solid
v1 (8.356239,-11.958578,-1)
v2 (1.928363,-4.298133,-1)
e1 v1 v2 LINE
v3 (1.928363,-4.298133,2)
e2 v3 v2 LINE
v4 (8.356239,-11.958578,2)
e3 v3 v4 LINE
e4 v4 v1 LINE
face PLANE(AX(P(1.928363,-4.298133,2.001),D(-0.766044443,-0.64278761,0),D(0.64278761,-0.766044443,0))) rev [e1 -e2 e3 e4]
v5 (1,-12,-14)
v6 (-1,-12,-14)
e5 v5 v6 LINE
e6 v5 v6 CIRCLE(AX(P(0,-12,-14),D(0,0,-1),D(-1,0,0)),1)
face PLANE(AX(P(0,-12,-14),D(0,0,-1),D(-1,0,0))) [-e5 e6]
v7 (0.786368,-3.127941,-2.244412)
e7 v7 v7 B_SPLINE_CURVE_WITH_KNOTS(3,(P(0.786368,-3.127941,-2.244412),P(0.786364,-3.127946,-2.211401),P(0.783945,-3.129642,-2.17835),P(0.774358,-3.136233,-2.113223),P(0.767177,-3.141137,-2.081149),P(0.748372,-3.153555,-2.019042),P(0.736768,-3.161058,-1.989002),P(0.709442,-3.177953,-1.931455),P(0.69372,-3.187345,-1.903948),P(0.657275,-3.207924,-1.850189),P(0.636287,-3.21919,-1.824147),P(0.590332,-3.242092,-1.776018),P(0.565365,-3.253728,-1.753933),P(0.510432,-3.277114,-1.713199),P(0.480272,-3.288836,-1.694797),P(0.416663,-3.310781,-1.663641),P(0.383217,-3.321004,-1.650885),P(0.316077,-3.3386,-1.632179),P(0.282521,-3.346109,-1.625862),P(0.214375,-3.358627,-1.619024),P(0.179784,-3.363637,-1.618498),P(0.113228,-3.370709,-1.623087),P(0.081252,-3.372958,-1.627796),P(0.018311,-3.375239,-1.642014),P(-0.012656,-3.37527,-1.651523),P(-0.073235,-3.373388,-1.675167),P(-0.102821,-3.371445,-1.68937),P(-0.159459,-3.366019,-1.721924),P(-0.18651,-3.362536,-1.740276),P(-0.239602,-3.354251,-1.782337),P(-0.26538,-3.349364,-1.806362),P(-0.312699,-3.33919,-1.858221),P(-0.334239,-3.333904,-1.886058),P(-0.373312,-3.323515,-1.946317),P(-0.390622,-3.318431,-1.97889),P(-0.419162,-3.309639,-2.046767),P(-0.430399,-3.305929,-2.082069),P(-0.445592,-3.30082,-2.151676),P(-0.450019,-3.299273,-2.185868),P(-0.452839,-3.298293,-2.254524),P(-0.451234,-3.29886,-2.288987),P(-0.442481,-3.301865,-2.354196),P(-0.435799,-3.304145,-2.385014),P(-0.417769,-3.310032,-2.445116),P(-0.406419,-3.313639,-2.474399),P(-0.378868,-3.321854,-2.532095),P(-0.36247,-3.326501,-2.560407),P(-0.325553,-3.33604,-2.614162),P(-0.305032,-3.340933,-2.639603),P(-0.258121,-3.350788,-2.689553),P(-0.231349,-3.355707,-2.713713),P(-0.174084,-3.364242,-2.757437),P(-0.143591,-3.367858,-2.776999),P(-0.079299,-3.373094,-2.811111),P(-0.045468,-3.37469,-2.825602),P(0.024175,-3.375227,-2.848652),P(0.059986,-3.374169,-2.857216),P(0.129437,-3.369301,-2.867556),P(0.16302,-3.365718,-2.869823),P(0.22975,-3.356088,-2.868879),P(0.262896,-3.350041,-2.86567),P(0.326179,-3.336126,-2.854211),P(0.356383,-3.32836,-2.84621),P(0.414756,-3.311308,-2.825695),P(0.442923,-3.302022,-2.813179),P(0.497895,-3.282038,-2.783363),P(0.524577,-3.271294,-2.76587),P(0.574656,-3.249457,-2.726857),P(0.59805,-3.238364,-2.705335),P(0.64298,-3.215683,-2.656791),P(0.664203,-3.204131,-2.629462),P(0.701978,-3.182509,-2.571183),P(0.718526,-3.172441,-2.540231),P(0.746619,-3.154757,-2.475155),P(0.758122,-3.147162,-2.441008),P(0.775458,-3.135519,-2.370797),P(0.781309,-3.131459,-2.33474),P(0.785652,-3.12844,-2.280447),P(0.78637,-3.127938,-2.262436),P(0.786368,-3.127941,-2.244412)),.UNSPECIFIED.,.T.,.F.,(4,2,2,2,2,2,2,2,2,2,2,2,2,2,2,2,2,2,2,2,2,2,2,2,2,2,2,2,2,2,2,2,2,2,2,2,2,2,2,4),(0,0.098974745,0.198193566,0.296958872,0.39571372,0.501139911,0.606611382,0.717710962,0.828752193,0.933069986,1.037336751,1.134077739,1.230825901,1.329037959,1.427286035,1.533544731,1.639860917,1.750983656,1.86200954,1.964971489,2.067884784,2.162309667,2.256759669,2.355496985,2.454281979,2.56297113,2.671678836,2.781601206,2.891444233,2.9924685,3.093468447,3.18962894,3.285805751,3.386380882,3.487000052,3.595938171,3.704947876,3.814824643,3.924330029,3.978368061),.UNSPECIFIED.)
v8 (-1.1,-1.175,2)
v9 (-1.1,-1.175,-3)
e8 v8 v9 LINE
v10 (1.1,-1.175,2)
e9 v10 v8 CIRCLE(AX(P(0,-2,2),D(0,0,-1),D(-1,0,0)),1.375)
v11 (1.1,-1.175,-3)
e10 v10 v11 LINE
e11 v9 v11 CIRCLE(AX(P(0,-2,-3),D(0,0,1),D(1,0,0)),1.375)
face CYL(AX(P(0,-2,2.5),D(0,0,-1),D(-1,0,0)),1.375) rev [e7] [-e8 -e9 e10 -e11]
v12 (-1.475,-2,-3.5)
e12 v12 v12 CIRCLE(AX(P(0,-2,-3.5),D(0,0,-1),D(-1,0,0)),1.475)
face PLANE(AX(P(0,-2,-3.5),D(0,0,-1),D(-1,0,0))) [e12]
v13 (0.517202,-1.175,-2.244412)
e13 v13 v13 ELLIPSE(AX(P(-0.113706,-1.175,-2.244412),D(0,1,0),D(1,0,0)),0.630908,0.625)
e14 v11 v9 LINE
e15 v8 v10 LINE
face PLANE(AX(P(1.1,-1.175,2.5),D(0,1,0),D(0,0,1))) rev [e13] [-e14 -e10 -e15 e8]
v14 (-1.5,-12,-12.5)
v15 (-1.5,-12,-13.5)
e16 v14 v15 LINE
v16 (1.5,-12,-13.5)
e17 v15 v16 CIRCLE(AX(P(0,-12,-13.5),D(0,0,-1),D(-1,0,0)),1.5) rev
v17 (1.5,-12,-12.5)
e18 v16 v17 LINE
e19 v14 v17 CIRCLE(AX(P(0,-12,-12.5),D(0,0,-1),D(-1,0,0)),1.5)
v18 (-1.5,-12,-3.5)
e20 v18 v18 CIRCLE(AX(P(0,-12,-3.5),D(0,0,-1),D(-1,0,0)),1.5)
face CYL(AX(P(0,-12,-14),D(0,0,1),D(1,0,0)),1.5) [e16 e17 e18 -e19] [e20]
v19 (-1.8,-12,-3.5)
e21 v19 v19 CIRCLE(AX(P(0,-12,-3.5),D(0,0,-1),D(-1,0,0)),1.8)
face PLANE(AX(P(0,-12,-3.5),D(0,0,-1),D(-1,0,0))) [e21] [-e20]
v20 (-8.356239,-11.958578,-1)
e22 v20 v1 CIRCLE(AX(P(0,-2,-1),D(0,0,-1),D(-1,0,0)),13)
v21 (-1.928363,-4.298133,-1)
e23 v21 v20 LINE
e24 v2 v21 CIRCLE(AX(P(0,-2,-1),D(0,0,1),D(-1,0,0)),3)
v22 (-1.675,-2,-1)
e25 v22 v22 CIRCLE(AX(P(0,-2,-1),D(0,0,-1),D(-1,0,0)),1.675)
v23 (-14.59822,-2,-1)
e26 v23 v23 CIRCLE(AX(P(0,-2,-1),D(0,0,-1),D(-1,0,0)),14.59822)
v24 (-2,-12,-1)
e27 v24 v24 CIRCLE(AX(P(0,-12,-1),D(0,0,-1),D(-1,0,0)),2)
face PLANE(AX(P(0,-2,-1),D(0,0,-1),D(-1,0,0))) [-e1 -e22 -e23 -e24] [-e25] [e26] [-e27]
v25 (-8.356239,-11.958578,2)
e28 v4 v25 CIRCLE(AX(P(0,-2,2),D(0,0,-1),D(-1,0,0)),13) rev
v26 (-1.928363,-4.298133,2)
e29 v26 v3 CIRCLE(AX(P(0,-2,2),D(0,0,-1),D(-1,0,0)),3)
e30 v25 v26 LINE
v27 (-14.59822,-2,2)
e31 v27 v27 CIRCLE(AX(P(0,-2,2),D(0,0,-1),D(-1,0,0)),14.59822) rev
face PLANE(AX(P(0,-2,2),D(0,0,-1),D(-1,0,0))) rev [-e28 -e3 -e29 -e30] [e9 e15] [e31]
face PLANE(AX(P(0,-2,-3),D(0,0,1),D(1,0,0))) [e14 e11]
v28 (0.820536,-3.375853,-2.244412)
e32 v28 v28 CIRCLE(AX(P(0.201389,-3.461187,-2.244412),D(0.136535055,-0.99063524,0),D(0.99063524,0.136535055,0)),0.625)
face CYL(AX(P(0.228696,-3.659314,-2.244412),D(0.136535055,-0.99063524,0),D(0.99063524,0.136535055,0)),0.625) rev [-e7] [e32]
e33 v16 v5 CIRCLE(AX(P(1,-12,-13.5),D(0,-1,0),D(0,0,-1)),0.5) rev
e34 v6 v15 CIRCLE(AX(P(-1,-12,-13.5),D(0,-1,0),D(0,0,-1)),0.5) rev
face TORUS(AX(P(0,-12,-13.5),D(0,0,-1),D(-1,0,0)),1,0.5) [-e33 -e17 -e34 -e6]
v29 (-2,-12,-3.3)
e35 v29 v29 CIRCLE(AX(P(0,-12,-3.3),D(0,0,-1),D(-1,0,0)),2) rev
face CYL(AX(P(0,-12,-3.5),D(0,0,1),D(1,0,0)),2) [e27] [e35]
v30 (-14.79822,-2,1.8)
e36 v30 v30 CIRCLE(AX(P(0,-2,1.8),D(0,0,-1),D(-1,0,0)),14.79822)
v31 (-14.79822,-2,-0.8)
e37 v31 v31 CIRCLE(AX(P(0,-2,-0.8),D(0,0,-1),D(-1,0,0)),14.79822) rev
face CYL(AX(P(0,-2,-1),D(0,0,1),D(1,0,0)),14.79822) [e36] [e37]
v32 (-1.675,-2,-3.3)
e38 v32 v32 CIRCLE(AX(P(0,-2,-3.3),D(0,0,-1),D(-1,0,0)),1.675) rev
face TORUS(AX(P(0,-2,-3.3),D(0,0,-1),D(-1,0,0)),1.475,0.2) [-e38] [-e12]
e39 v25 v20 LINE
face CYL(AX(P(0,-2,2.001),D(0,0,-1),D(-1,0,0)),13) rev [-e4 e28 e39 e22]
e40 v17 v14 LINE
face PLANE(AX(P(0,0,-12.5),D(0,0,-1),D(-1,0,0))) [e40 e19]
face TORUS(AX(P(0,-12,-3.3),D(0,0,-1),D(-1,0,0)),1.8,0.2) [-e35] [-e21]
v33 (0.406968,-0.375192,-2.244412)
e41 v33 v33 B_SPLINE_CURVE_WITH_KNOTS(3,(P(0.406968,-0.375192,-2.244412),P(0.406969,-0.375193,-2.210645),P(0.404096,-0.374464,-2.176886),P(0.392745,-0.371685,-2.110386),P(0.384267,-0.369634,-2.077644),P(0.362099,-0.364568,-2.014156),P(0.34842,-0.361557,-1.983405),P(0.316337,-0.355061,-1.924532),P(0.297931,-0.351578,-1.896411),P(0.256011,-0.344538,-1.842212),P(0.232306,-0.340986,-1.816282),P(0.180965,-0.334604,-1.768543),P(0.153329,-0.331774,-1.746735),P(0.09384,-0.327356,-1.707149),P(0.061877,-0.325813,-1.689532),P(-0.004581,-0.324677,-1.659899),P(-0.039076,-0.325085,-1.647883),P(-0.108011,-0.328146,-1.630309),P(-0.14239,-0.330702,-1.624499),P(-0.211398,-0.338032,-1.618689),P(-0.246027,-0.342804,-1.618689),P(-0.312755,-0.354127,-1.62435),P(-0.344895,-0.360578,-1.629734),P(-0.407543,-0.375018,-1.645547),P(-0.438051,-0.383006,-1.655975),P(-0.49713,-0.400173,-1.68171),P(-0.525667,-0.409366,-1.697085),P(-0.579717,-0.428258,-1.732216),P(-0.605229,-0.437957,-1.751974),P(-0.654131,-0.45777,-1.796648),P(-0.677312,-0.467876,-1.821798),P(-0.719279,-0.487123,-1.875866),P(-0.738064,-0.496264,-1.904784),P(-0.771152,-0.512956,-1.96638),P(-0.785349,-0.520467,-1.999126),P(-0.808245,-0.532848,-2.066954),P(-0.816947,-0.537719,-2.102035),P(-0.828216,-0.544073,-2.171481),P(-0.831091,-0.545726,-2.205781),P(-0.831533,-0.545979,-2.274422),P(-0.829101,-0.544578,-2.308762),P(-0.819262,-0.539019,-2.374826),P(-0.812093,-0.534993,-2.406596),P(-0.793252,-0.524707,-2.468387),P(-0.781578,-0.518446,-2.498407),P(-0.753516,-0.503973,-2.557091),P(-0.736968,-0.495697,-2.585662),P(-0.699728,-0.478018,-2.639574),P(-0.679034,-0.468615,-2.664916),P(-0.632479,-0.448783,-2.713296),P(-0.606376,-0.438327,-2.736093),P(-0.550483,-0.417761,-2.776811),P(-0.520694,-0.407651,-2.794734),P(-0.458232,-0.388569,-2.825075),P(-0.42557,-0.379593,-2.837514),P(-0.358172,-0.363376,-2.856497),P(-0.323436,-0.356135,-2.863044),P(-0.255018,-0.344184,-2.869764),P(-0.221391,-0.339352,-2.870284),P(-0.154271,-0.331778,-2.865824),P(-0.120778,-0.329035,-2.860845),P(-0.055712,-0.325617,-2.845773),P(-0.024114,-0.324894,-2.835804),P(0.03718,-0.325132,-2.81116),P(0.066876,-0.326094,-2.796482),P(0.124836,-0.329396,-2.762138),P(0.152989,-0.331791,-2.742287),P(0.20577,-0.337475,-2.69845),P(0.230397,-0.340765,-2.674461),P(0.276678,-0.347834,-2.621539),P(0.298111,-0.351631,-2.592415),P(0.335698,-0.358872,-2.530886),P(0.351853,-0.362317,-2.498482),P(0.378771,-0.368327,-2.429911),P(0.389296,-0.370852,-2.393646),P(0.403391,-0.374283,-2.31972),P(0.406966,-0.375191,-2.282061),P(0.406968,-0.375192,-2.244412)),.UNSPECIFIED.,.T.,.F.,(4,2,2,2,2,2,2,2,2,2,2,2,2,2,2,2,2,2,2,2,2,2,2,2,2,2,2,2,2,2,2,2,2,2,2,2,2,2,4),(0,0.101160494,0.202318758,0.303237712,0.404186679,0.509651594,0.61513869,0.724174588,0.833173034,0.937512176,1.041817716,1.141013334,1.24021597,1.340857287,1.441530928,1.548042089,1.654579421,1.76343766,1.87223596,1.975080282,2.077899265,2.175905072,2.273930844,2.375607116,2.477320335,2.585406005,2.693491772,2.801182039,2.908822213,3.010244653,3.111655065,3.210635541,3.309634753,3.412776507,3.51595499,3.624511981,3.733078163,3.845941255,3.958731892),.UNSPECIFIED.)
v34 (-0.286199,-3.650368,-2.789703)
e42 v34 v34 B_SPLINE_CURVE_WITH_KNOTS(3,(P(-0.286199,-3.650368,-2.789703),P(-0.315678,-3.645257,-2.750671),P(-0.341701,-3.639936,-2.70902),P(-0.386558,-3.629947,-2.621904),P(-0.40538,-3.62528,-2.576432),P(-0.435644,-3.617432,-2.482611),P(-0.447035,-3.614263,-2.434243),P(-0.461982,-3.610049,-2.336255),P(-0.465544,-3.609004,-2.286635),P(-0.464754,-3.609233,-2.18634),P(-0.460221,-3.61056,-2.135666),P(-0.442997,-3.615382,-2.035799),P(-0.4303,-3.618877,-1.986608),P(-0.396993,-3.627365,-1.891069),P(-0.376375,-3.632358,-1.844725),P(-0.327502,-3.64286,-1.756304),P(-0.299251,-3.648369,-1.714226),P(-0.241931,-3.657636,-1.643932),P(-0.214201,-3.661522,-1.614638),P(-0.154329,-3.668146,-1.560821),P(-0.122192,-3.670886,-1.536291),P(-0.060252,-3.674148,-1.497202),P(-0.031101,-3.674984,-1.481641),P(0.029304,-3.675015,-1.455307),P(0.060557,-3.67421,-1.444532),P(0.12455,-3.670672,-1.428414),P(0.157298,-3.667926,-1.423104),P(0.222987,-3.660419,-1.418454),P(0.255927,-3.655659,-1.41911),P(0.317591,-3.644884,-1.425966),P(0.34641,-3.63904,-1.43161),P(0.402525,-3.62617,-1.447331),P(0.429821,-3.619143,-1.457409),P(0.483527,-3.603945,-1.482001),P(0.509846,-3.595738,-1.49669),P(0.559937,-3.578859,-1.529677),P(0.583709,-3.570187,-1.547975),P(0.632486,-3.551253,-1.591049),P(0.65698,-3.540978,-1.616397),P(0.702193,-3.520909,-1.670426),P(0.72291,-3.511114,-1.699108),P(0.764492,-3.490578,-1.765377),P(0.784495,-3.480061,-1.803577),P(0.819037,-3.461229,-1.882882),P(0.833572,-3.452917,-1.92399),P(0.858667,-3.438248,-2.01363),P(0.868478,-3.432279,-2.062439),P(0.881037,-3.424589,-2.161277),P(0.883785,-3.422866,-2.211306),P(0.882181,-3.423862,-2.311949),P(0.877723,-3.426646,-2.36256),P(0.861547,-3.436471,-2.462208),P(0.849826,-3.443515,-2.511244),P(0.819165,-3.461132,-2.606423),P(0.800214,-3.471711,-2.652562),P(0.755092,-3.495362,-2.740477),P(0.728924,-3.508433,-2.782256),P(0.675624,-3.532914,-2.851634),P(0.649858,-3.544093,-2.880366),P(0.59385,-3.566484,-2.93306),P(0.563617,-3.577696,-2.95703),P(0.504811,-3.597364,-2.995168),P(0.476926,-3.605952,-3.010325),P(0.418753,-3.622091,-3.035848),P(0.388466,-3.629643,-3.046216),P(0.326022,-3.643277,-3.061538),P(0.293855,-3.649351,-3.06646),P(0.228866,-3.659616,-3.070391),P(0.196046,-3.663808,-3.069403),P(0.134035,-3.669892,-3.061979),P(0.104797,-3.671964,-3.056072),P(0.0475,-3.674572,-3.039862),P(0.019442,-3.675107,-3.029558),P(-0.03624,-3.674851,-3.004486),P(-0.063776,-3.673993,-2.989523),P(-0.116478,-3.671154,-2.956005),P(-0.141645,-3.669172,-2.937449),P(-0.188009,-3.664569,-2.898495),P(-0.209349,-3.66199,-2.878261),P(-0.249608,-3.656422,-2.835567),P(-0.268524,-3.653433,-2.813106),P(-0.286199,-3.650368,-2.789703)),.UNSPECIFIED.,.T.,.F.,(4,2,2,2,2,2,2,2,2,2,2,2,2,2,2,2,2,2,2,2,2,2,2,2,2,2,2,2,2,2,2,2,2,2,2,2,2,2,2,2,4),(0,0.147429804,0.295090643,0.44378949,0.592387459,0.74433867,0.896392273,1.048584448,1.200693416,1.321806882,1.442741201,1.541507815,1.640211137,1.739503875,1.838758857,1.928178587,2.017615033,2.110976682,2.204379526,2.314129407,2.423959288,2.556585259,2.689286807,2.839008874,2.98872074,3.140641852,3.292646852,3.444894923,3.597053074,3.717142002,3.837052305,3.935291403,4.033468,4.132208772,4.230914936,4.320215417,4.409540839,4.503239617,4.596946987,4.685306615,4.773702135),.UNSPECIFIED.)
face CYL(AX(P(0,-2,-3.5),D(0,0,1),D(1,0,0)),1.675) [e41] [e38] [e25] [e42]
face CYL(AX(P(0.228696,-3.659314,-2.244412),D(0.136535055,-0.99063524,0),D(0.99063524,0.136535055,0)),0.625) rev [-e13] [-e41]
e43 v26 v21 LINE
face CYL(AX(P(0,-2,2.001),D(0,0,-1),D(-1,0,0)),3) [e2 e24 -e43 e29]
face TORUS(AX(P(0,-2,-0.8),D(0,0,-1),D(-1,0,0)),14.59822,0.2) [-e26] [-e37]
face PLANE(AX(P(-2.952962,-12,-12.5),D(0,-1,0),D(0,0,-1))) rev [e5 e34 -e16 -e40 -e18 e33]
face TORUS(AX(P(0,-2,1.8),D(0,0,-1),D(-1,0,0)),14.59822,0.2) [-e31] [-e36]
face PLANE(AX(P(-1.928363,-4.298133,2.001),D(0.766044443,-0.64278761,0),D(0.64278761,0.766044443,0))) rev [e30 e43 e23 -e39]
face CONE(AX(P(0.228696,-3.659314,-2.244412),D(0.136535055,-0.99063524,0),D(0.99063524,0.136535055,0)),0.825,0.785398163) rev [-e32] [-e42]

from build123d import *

# Parameters (mm, degrees)
ESQUISSE2_R             = 14.79822015
BOSS_EXTRU_1_DEPTH      = 3
CONG_2_R                = 0.2
CONG_3_R                = 0.2
ESQUISSE3_R             = 1.5
BOSS_EXTRU_2_DEPTH      = 13
CONG_4_R                = 0.5
ENL_V_MAT_EXTRU_1_DEPTH = 3.5
ESQUISSE5_R             = 1.675
BOSS_EXTRU_3_DEPTH      = 2.5
ENL_V_START             = -5
ENL_V_MAT_EXTRU_2_DEPTH = 5
CONG_6_R                = 0.2
ESQUISSE8_R             = 2
ESQUISSE8_R_2           = 1.5
BOSS_EXTRU_4_DEPTH      = 2.5
CONG_7_R                = 0.2
ENL_V_MAT_EXTRU_3_REACH = 27.888
ESQUISSE14_W            = 6.151008923
ESQUISSE14_H            = 1.920006843
ENL_V_MAT_EXTRU_4_DEPTH = 1.5


with BuildPart() as part:
    # Esquisse2 → Boss.-Extru.1 (new body)
    with BuildSketch(Plane(origin=(0, 0, 2), x_dir=(-1, 0, 0), z_dir=(0, 0, -1))):
        with Locations((0, -2)):
            Circle(ESQUISSE2_R)
    extrude(amount=BOSS_EXTRU_1_DEPTH)

    # Congé2
    cong_2_edges = [part.edges().sort_by_distance(p)[0] for p in [
        (14.79822015, -2, -1),
    ]]
    fillet(cong_2_edges, radius=CONG_2_R)

    # Congé3
    cong_3_edges = [part.edges().sort_by_distance(p)[0] for p in [
        (14.79822015, -2, 2),
    ]]
    fillet(cong_3_edges, radius=CONG_3_R)

    # Esquisse3 → Boss.-Extru.2 (add)
    with BuildSketch(Plane(origin=(0, 0, -1), x_dir=(-1, 0, 0), z_dir=(0, 0, -1))):
        with Locations(Location((0, -12, 0), (0, 0, 180))):
            Circle(ESQUISSE3_R)
    extrude(amount=BOSS_EXTRU_2_DEPTH)

    # Congé4
    cong_4_edges = [part.edges().sort_by_distance(p)[0] for p in [
        (-1.5, -12, -14),
    ]]
    fillet(cong_4_edges, radius=CONG_4_R)

    # Esquisse4 → Enlèv. mat.-Extru.1 (cut)
    with BuildSketch(Plane(origin=(0, 0, -1), x_dir=(-1, 0, 0), z_dir=(0, 0, -1))):
        with BuildLine():
            Line((-1.1, -1.175), (1.1, -1.175))
            ThreePointArc((1.1, -1.175), (0, -3.375), (-1.1, -1.175))
        make_face()
    extrude(amount=-ENL_V_MAT_EXTRU_1_DEPTH, mode=Mode.SUBTRACT)

    # Esquisse5 → Boss.-Extru.3 (add)
    with BuildSketch(Plane(origin=(0, 0, -1), x_dir=(-1, 0, 0), z_dir=(0, 0, -1))):
        with Locations((0, -2)):
            Circle(ESQUISSE5_R)
    extrude(amount=BOSS_EXTRU_3_DEPTH)

    # Esquisse6 → Enlèv. mat.-Extru.2 (cut)
    with BuildSketch(Plane.XY.offset(2).offset(ENL_V_START)):
        with BuildLine():
            Line((1.1, -1.175), (-1.1, -1.175))
            ThreePointArc((-1.1, -1.175), (0, -3.375), (1.1, -1.175))
        make_face()
    extrude(amount=ENL_V_MAT_EXTRU_2_DEPTH, mode=Mode.SUBTRACT)

    # Congé6
    cong_6_edges = [part.edges().sort_by_distance(p)[0] for p in [
        (1.675, -2, -3.5),
    ]]
    fillet(cong_6_edges, radius=CONG_6_R)

    # Esquisse8 → Boss.-Extru.4 (add)
    with BuildSketch(Plane(origin=(0, 0, -1), x_dir=(-1, 0, 0), z_dir=(0, 0, -1))):
        with Locations((0, -12)):
            Circle(ESQUISSE8_R)
        with Locations(Location((0, -12, 0), (0, 0, 180))):
            Circle(ESQUISSE8_R_2, mode=Mode.SUBTRACT)
    extrude(amount=BOSS_EXTRU_4_DEPTH)

    # Congé7
    cong_7_edges = [part.edges().sort_by_distance(p)[0] for p in [
        (2, -12, -3.5),
    ]]
    fillet(cong_7_edges, radius=CONG_7_R)

    # Esquisse9 → Trou taraudé M1.61 (revolve, cut)
    with BuildSketch(Plane(origin=(0.228696217, -3.659314027, -2.244412235), x_dir=(0.9906352400032369, 0.1365350550727882, 0), z_dir=(0, 0, 1))):
        Polygon((0, 0), (0, 18.355114173), (0.625, 18.355114173), (0.625, 0.2), (0.825, 0), align=None)
    revolve(axis=Axis((1.095693817, -9.949847801, -2.244412235), (-0.13653505507278818, 0.9906352400032369, 0)), mode=Mode.SUBTRACT)

    # Esquisse11 → Enlèv. mat.-Extru.3 (cut, up to next)
    with BuildSketch(Plane(origin=(0, 0, -1), x_dir=(-1, 0, 0), z_dir=(0, 0, -1)), mode=Mode.PRIVATE) as enl_v_mat_extru_3_sk1:
        with BuildLine():
            Line((-1.928362829, -4.298133329), (-8.356238926, -11.958577761))
            ThreePointArc((-8.356238926, -11.958577761), (0, 11), (8.356238926, -11.958577761))
            Line((8.356238926, -11.958577761), (1.928362829, -4.298133329))
            ThreePointArc((1.928362829, -4.298133329), (0, 1), (-1.928362829, -4.298133329))
        make_face()
    enl_v_mat_extru_3_tool1 = extrude(enl_v_mat_extru_3_sk1.sketch, amount=-ENL_V_MAT_EXTRU_3_REACH, mode=Mode.PRIVATE) & part.part
    add(enl_v_mat_extru_3_tool1.solids().sort_by_distance((-5.408009, -7.9054, -1))[0], mode=Mode.SUBTRACT)

    # Esquisse14 → Enlèv. mat.-Extru.4 (cut)
    with BuildSketch(Plane(origin=(0, 0, -14), x_dir=(-1, 0, 0), z_dir=(0, 0, -1))):
        with Locations((-0.122541976, -11.039996579)):
            Rectangle(ESQUISSE14_W, ESQUISSE14_H)
    extrude(amount=-ENL_V_MAT_EXTRU_4_DEPTH, mode=Mode.SUBTRACT)


solid = part.part
